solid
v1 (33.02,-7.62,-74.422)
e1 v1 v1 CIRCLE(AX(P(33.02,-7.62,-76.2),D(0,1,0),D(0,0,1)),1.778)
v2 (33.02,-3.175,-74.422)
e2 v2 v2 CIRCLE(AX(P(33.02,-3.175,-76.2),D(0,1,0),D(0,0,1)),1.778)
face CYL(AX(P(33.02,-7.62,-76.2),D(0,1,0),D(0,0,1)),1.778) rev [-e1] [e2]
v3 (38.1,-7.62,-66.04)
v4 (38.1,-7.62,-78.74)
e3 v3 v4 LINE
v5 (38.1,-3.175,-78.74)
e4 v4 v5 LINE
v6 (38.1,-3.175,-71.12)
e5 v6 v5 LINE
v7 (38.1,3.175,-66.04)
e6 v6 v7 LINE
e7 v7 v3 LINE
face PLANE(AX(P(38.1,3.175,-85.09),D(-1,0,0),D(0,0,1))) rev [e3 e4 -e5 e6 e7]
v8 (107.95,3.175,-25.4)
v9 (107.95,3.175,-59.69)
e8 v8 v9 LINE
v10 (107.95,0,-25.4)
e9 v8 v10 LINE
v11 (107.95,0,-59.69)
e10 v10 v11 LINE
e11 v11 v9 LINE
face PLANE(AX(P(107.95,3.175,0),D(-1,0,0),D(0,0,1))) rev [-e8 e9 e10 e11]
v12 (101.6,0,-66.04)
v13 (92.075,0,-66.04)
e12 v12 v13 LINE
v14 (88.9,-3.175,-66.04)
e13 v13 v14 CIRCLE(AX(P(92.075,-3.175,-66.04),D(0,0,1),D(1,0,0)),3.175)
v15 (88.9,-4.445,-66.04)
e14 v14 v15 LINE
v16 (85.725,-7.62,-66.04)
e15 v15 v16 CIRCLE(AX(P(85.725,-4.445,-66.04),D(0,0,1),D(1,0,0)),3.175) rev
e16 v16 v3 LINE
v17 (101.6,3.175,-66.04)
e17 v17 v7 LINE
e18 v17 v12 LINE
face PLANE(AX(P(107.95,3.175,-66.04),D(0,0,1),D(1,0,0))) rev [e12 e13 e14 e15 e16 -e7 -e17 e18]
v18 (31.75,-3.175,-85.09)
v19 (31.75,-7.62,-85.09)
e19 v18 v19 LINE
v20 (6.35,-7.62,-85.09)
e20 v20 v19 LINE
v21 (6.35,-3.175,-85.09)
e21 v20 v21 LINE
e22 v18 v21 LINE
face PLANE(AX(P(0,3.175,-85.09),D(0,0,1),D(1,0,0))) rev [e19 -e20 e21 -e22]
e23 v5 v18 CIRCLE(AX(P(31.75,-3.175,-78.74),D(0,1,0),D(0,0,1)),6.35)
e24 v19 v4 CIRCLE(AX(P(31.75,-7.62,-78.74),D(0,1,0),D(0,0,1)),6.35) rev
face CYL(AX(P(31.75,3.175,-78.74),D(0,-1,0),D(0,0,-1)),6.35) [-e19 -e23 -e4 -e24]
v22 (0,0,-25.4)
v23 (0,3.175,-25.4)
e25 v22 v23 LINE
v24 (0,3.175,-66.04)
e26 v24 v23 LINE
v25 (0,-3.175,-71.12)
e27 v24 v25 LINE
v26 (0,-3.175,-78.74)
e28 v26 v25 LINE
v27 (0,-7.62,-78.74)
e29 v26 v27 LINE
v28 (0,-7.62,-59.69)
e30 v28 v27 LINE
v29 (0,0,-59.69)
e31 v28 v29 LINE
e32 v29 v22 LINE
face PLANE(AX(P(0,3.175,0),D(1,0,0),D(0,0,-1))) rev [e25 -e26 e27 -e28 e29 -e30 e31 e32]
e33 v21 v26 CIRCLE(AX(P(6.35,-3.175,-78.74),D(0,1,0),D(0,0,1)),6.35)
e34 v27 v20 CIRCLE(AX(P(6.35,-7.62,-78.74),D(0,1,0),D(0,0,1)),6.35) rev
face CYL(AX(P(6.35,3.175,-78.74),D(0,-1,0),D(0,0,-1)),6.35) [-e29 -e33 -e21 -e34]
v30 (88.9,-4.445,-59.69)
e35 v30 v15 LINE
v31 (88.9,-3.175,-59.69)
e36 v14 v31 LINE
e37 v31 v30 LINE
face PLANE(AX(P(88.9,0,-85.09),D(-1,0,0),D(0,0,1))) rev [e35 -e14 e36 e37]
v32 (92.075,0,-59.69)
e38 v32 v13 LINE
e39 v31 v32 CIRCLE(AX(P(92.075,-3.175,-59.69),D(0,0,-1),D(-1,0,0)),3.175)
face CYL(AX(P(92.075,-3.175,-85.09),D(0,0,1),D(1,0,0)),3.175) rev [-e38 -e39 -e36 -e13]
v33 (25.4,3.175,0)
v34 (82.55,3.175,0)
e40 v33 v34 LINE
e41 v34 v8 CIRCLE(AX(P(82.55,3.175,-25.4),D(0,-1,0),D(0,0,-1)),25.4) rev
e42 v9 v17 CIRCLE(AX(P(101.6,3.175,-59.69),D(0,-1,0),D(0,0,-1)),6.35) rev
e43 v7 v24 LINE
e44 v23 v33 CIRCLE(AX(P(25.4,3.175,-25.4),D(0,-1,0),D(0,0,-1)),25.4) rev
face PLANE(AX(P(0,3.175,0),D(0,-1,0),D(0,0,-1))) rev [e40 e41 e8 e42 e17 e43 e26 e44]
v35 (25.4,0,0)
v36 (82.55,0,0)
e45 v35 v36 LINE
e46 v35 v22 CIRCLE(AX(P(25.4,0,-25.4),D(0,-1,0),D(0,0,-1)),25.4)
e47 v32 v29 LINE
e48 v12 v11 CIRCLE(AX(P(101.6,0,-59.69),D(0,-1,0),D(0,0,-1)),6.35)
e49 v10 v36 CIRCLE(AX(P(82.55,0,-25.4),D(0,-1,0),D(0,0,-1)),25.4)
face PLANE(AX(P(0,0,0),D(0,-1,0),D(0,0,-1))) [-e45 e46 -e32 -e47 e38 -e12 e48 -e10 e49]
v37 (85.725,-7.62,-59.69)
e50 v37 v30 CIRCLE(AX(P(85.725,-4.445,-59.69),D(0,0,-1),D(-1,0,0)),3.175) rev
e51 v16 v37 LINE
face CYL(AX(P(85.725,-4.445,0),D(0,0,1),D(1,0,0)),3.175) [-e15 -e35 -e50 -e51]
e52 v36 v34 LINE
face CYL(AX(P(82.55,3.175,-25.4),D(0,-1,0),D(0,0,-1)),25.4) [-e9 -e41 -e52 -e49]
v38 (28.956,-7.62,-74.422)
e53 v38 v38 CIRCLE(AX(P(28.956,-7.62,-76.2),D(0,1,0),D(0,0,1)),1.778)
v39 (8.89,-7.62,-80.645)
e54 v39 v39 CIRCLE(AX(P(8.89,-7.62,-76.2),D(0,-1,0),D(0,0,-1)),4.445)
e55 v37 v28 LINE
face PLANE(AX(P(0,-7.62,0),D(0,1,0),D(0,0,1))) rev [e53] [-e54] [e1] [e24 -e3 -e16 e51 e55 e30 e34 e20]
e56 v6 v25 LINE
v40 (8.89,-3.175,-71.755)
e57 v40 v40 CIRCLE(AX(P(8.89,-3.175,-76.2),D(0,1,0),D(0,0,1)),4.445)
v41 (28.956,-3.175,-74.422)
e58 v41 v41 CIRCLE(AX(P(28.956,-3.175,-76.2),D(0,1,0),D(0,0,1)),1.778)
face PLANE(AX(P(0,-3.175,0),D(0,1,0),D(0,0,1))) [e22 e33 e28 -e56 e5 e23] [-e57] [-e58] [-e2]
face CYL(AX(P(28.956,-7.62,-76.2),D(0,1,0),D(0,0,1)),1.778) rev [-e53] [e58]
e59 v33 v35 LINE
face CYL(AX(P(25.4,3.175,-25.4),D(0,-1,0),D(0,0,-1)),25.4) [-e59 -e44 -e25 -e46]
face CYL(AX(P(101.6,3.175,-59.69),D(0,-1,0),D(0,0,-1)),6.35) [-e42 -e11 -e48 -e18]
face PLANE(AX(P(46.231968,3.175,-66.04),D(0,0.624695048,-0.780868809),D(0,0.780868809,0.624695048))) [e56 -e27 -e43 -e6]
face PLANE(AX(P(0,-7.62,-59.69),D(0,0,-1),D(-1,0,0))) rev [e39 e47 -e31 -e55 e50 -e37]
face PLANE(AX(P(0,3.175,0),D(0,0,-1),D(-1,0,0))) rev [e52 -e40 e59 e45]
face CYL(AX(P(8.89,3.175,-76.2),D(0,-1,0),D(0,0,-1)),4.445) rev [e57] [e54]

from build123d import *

# Parameters (mm, degrees)
SKETCH1_W           = 107.95
SKETCH1_H           = 85.09
SKETCH1_R           = 4.445
BOSS_EXTRUDE1_DEPTH = 3.175
SKETCH2_W           = 107.95
SKETCH2_H           = 25.4
SKETCH2_R           = 4.445
BOSS_EXTRUDE2_DEPTH = 7.62
SKETCH3_W           = 69.85
SKETCH3_H           = 19.05
CUT_EXTRUDE1_DEPTH  = 11.795
SKETCH4_W           = 38.1
SKETCH4_H           = 19.05
CUT_EXTRUDE2_DEPTH  = 6.35
SKETCH5_R           = 1.778
CUT_EXTRUDE3_DEPTH  = 5.445
SKETCH6_W           = 19.05
SKETCH6_H           = 7.62
CUT_EXTRUDE4_DEPTH  = 26.4
BOSS_EXTRUDE3_DEPTH = 38.1
FILLET1_R           = 25.4
FILLET2_R           = 6.35
FILLET3_R           = 3.175


with BuildPart() as part:
    # Sketch1 → Boss-Extrude1 (new body)
    with BuildSketch(Plane(origin=(0, 0, 0), x_dir=(1, 0, 0), z_dir=(0, 1, 0))):
        with Locations((53.975, 42.545)):
            Rectangle(SKETCH1_W, SKETCH1_H)
        with Locations((8.89, 76.2)):
            Circle(SKETCH1_R, mode=Mode.SUBTRACT)
    extrude(amount=BOSS_EXTRUDE1_DEPTH)

    # Sketch2 → Boss-Extrude2 (add)
    with BuildSketch(Plane.XZ):
        with Locations((53.975, -72.39)):
            Rectangle(SKETCH2_W, SKETCH2_H)
        with Locations((8.89, -76.2)):
            Circle(SKETCH2_R, mode=Mode.SUBTRACT)
    extrude(amount=BOSS_EXTRUDE2_DEPTH)

    # Sketch3 → Cut-Extrude1 (cut, through all)
    with BuildSketch(Plane.XZ.offset(7.62)):
        with Locations((73.025, -75.565)):
            Rectangle(SKETCH3_W, SKETCH3_H)
    extrude(amount=-CUT_EXTRUDE1_DEPTH, mode=Mode.SUBTRACT)

    # Sketch4 → Cut-Extrude2 (cut)
    with BuildSketch(Plane(origin=(0, 3.175, 0), x_dir=(1, 0, 0), z_dir=(0, 1, 0))):
        with Locations((19.05, 75.565)):
            Rectangle(SKETCH4_W, SKETCH4_H)
    extrude(amount=-CUT_EXTRUDE2_DEPTH, mode=Mode.SUBTRACT)

    # Sketch5 → Cut-Extrude3 (cut, through all)
    with BuildSketch(Plane(origin=(0, -3.175, 0), x_dir=(1, 0, 0), z_dir=(0, 1, 0))):
        with Locations((28.956, 76.2)):
            Circle(SKETCH5_R)
        with Locations((33.02, 76.2)):
            Circle(SKETCH5_R)
    extrude(amount=-CUT_EXTRUDE3_DEPTH, mode=Mode.SUBTRACT)

    # Sketch6 → Cut-Extrude4 (cut, through all)
    with BuildSketch(Plane.XY.offset(-59.69)):
        with Locations((98.425, -3.81)):
            Rectangle(SKETCH6_W, SKETCH6_H)
    extrude(amount=-CUT_EXTRUDE4_DEPTH, mode=Mode.SUBTRACT)

    # Sketch7 → Boss-Extrude3 (add)
    with BuildSketch(Plane.ZY):
        Polygon((-66.04, 3.175), (-71.12, -3.175), (-66.04, -3.175), align=None)
    extrude(amount=-BOSS_EXTRUDE3_DEPTH)

    # Fillet1
    fillet1_edges = [part.edges().sort_by_distance(p)[0] for p in [
        (107.95, 1.5875, 0),
        (0, 1.5875, 0),
    ]]
    fillet(fillet1_edges, radius=FILLET1_R)

    # Fillet2
    fillet2_edges = [part.edges().sort_by_distance(p)[0] for p in [
        (107.95, 1.5875, -66.04),
        (38.1, -5.3975, -85.09),
        (0, -5.3975, -85.09),
    ]]
    fillet(fillet2_edges, radius=FILLET2_R)

    # Fillet3
    fillet3_edges = [part.edges().sort_by_distance(p)[0] for p in [
        (88.9, -7.62, -62.865),
        (88.9, 0, -62.865),
    ]]
    fillet(fillet3_edges, radius=FILLET3_R)


solid = part.part
